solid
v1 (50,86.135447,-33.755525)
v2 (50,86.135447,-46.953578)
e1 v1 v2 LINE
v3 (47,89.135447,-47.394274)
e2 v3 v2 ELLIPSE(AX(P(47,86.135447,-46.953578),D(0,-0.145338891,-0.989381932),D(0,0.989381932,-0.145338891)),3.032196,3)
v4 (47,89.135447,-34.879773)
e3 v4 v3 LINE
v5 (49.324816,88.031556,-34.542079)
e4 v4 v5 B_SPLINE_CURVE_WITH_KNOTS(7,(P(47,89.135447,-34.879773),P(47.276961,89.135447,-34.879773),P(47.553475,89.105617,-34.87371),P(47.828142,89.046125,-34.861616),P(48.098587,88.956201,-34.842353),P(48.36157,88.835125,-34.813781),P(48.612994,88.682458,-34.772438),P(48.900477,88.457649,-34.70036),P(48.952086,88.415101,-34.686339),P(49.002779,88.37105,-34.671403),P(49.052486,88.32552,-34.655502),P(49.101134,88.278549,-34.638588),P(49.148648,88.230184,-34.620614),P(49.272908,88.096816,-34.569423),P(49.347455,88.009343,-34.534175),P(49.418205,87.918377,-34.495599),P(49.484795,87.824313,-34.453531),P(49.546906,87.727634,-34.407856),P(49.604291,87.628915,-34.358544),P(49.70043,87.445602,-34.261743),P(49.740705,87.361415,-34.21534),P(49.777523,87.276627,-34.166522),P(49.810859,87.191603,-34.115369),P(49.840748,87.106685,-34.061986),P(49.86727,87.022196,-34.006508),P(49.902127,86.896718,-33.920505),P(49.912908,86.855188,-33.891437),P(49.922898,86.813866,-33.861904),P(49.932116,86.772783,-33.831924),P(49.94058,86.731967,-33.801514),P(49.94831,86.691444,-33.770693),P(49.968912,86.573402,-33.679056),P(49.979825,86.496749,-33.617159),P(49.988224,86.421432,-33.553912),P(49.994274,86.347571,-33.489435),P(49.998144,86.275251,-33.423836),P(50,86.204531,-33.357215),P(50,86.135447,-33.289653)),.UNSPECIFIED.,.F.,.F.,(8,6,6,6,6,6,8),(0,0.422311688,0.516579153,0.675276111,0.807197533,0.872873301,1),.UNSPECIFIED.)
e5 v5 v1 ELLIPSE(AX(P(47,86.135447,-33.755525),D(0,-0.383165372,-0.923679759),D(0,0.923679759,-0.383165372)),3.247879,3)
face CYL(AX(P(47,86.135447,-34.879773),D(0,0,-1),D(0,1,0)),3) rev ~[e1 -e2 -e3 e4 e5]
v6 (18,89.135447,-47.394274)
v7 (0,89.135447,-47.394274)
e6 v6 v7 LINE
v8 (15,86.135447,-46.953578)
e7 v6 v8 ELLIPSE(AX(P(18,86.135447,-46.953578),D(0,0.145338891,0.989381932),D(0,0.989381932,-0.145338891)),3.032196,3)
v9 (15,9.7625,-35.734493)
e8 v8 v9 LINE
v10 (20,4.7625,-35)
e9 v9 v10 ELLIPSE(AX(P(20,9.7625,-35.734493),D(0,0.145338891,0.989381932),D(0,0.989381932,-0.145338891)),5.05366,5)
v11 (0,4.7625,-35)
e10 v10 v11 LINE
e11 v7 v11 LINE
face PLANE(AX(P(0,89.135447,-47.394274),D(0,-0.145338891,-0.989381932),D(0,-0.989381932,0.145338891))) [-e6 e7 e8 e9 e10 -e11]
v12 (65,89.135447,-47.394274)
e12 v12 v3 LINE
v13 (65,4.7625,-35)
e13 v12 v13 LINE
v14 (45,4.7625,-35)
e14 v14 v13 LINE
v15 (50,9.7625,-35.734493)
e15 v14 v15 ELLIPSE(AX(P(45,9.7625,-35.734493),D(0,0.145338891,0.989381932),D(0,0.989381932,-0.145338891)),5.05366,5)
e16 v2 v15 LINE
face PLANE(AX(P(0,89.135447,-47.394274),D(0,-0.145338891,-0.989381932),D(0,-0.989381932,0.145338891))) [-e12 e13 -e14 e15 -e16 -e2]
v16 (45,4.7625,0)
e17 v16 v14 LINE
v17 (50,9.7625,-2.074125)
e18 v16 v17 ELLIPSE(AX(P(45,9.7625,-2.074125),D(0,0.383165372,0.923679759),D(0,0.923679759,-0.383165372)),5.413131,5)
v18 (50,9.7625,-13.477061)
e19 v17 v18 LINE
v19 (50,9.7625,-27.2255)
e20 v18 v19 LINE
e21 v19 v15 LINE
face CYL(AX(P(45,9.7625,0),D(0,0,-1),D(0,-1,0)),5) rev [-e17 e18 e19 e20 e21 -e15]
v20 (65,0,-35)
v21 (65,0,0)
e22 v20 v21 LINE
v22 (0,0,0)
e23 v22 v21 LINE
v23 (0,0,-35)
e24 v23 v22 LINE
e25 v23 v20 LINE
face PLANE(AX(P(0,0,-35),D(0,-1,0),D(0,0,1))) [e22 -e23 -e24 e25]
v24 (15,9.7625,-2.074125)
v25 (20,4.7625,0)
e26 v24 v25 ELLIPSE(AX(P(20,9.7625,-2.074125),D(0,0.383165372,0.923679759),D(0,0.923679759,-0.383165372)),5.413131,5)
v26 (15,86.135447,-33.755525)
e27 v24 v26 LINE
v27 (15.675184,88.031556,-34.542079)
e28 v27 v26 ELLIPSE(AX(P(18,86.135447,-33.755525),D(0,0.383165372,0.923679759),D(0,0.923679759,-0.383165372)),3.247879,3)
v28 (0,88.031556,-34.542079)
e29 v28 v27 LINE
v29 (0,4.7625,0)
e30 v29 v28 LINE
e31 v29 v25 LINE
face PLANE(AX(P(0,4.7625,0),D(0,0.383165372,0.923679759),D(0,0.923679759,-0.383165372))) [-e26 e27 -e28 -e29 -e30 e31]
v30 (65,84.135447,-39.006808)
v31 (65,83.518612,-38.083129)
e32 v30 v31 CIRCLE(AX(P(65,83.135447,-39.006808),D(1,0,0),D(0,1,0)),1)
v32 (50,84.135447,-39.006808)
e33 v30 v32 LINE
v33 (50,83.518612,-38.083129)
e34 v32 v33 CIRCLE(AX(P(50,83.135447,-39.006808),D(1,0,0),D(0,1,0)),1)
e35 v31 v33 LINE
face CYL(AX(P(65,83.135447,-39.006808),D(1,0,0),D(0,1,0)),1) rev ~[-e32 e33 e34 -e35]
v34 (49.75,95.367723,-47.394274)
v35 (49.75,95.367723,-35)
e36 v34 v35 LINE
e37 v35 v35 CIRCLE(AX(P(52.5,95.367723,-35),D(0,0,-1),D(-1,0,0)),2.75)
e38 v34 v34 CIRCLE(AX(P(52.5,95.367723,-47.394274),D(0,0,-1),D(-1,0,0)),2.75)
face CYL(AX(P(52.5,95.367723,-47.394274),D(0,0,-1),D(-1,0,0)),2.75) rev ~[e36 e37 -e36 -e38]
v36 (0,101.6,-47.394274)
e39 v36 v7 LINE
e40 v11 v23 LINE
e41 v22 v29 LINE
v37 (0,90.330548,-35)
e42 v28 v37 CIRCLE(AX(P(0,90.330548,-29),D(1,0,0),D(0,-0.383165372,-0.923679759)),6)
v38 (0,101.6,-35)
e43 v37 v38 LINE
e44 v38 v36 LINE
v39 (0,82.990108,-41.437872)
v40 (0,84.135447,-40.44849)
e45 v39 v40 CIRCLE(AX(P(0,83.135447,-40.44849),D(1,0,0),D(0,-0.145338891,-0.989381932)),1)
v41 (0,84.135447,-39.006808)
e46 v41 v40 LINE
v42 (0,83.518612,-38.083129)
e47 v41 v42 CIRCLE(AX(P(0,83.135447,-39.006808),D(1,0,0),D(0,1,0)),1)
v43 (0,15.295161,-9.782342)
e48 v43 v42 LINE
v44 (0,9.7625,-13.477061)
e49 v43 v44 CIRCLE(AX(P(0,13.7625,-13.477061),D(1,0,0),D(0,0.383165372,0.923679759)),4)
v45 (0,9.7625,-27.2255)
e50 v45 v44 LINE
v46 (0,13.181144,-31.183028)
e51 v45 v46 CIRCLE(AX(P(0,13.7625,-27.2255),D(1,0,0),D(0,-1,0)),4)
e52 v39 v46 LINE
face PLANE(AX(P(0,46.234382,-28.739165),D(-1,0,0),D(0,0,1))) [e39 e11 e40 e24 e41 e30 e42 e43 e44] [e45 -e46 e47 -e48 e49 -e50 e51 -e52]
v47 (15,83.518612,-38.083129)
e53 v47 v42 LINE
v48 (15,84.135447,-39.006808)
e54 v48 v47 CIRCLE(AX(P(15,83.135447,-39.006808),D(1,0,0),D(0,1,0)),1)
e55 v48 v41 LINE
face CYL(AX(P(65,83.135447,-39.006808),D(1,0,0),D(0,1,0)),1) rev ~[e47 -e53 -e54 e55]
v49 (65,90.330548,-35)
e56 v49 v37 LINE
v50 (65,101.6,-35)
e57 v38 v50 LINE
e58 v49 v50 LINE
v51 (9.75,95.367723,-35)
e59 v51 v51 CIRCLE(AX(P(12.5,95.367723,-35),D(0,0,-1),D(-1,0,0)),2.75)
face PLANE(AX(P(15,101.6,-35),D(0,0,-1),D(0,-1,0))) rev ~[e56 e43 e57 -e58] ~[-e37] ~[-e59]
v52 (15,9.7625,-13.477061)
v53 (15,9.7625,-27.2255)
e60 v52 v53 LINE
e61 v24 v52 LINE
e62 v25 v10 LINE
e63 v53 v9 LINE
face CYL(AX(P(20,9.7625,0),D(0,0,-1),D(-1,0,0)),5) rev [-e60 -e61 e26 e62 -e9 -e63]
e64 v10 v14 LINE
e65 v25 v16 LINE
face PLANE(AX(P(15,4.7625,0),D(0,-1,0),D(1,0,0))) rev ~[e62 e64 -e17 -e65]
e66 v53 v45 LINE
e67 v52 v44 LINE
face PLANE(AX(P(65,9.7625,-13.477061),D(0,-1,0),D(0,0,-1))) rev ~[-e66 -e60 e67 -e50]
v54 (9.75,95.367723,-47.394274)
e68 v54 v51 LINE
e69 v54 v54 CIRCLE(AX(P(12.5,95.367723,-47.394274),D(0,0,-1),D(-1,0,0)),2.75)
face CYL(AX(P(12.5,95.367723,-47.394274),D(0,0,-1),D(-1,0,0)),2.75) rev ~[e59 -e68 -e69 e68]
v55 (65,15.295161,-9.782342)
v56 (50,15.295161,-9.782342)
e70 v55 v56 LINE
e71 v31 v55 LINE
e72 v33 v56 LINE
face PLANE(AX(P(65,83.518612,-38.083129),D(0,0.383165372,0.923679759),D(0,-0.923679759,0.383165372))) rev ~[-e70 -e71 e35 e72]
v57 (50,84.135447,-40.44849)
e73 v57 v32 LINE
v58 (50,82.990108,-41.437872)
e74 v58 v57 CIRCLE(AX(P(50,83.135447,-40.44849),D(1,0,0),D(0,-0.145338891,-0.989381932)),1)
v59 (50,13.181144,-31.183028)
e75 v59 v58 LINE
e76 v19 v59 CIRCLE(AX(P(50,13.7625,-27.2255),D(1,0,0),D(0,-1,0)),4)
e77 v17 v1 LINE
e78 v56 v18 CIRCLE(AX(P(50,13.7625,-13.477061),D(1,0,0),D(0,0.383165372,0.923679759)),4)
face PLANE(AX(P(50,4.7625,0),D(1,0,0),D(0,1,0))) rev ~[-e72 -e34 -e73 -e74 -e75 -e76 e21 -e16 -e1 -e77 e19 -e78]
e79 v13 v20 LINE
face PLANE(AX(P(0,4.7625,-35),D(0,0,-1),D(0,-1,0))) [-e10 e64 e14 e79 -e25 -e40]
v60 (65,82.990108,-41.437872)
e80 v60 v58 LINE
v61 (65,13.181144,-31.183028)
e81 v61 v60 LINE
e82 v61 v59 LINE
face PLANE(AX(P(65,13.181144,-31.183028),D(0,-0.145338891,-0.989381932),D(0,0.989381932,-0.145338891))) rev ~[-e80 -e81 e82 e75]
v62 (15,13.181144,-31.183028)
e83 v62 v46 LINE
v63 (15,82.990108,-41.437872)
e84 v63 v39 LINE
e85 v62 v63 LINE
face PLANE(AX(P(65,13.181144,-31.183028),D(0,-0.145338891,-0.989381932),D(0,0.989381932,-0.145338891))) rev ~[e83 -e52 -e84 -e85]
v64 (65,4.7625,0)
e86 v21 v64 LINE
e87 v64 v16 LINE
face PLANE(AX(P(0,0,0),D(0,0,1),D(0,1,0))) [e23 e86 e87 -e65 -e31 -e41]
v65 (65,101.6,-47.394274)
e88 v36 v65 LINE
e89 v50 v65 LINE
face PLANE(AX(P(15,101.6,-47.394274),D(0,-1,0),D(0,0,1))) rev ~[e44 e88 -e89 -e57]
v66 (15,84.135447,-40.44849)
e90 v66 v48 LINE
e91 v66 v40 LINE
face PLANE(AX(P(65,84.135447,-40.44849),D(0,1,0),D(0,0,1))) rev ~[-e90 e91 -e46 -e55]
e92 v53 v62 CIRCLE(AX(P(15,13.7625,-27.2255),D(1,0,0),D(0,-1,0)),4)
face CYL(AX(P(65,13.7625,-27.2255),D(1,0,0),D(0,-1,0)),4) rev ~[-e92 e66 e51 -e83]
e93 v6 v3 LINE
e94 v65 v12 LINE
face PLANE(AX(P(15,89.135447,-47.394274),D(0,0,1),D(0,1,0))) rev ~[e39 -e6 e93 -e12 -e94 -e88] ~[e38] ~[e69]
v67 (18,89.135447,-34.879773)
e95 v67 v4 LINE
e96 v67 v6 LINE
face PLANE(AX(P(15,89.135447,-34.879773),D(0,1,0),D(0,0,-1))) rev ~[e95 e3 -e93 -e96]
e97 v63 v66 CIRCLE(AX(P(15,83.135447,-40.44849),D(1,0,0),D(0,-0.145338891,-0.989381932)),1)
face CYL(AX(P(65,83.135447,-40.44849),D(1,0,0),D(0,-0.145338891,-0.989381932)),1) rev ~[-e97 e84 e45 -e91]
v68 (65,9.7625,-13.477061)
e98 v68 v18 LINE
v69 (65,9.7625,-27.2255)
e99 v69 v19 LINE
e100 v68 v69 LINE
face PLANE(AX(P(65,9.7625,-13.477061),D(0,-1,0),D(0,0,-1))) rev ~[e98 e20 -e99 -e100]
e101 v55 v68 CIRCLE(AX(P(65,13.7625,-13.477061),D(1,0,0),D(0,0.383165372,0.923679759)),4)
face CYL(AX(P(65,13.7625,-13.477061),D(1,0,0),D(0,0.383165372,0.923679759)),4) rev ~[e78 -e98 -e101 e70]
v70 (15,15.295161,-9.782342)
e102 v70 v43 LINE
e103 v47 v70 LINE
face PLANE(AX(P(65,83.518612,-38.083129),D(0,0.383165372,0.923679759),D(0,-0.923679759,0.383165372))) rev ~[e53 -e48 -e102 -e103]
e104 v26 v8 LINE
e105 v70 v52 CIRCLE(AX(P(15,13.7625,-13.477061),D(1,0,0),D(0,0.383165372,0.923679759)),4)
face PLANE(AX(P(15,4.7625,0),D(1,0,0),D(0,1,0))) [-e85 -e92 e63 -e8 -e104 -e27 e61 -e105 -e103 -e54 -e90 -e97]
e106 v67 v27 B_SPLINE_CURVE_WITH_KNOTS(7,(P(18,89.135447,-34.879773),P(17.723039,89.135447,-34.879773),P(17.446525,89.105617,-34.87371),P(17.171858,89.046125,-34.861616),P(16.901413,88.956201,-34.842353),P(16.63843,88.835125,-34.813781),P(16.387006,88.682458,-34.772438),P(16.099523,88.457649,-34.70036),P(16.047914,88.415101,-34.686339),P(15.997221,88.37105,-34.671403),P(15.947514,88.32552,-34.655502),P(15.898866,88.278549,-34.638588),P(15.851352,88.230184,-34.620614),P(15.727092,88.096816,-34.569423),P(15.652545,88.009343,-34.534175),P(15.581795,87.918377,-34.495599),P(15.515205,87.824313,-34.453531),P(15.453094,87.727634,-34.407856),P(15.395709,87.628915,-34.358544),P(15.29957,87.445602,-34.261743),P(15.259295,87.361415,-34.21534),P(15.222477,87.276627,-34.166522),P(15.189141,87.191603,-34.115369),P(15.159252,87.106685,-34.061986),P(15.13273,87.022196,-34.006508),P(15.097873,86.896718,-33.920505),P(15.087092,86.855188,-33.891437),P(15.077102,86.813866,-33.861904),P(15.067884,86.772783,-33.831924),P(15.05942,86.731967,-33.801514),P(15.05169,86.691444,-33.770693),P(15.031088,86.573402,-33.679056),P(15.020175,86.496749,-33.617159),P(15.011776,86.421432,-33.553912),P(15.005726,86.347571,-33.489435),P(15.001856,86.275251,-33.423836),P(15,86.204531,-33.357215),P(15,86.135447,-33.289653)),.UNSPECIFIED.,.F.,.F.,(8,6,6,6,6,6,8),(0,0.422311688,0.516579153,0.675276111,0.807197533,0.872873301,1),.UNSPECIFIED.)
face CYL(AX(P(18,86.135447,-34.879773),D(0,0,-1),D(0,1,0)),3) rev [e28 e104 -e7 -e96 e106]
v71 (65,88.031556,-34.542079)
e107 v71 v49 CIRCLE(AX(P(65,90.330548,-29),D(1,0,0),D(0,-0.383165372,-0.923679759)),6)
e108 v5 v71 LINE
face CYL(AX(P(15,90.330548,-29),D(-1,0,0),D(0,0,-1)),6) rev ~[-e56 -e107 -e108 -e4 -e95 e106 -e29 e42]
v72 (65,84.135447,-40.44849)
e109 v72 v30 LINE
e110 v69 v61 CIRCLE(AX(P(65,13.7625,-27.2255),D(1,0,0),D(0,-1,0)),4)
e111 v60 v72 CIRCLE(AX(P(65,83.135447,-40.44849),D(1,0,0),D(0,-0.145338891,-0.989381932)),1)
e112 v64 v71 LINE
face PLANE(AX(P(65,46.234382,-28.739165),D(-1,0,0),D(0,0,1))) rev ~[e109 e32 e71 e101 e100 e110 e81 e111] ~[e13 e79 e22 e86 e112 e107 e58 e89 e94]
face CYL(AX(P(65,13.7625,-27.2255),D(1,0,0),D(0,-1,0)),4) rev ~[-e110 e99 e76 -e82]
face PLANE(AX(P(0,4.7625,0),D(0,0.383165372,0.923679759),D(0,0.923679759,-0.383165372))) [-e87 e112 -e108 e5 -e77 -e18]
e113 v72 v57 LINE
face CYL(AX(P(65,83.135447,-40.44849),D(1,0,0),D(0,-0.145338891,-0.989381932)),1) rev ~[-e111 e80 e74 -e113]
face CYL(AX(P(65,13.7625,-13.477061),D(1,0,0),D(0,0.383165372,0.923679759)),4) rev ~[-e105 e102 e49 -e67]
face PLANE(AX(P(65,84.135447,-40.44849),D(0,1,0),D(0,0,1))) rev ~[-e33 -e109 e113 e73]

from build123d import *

# Parameters (mm, degrees)
BOSS_EXTRUDE1_DEPTH = 65
SKETCH2_W           = 35.00000000000001
SKETCH2_H           = 96.83750000000002
CUT_EXTRUDE1_DEPTH  = 130.59080671274705
FILLET1_R           = 5
CUT_EXTRUDE2_DEPTH  = 130.59080671274705
BOSS_EXTRUDE2_DEPTH = 35
SKETCH5_R           = 2.7500000000000084
SKETCH5_R_2         = 2.7499999999999956
CUT_EXTRUDE3_DEPTH  = 130.59080671274705
FILLET3_R           = 3


with BuildPart() as part:
    # Sketch1 → Boss-Extrude1 (new body)
    with BuildSketch(Plane(origin=(0, 0, 0), x_dir=(0, 0, -1), z_dir=(1, 0, 0))):
        with BuildLine():
            Line((47.39427375180004, 101.60000000000002), (47.39427375180004, 89.13544686995567))
            Line((47.39427375180004, 89.13544686995567), (35.000000000000014, 4.762500000000003))
            Line((35.000000000000014, 4.762500000000003), (35.000000000000014, 0))
            Line((35.000000000000014, 0), (0, 0))
            Line((0, 0), (0, 4.762500000000003))
            Line((0, 4.762500000000003), (34.54207855565439, 88.03155596440176))
            ThreePointArc((34.54207855565439, 88.03155596440176), (34.88440614395058, 89.15847126507197), (35.000000000000014, 90.3305481964365))
            Line((35.000000000000014, 90.3305481964365), (35.000000000000014, 101.60000000000002))
            Line((35.000000000000014, 101.60000000000002), (47.39427375180004, 101.60000000000002))
        make_face()
    extrude(amount=BOSS_EXTRUDE1_DEPTH)

    # Sketch2 → Cut-Extrude1 (cut, through all)
    with BuildSketch(Plane.XY):
        with Locations((32.50000000000001, 53.18125000000001)):
            Rectangle(SKETCH2_W, SKETCH2_H)
    extrude(amount=-CUT_EXTRUDE1_DEPTH, mode=Mode.SUBTRACT)

    # Fillet1
    fillet1_edges = [part.edges().sort_by_distance(p)[0] for p in [
        (50, 4.762500000000003, -17.500000000000007),
        (15, 4.762500000000003, -17.500000000000007),
    ]]
    fillet(fillet1_edges, radius=FILLET1_R)

    # Sketch3 → Cut-Extrude2 (cut, through all)
    with BuildSketch(Plane(origin=(65, 0, 0), x_dir=(0, 0, -1), z_dir=(1, 0, 0))):
        with BuildLine():
            Line((38.08312858614837, 83.51861224196143), (9.782341841456388, 15.295161488023126))
            ThreePointArc((9.782341841456388, 15.295161488023126), (10.15060285597038, 11.541086705731292), (13.477060878559312, 9.762500000000001))
            Line((13.477060878559312, 9.762500000000001), (27.225499843288624, 9.762500000000001))
            ThreePointArc((27.225499843288624, 9.762500000000001), (29.84032084558306, 10.735502952436189), (31.18302757021517, 13.181144437020006))
            Line((31.18302757021517, 13.181144437020006), (41.43787152872858, 82.99010797921063))
            ThreePointArc((41.43787152872858, 82.99010797921063), (41.20523885888791, 83.78915212052925), (40.44848959699694, 84.13544686995566))
            Line((40.44848959699694, 84.13544686995566), (39.006808345424105, 84.13544686995566))
            ThreePointArc((39.006808345424105, 84.13544686995566), (38.45145502185692, 83.96706137560288), (38.08312858614837, 83.51861224196143))
        make_face()
    extrude(amount=-CUT_EXTRUDE2_DEPTH, mode=Mode.SUBTRACT)

    # Sketch4 → Boss-Extrude2 (add)
    with BuildSketch(Plane(origin=(15, 0, 0), x_dir=(0, 0, -1), z_dir=(1, 0, 0))):
        with BuildLine():
            Line((47.39427375180004, 89.13544686995567), (47.39427375180004, 101.60000000000002))
            Line((47.39427375180004, 101.60000000000002), (35.000000000000014, 101.60000000000002))
            Line((35.000000000000014, 101.60000000000002), (35.000000000000014, 90.3305481964365))
            ThreePointArc((35.000000000000014, 90.3305481964365), (34.969867635356294, 89.72998145049917), (34.87977319455811, 89.13544686995567))
            Line((34.87977319455811, 89.13544686995567), (47.39427375180004, 89.13544686995567))
        make_face()
    extrude(amount=BOSS_EXTRUDE2_DEPTH)

    # Sketch5 → Cut-Extrude3 (cut, through all)
    with BuildSketch(Plane(origin=(0, 0, -47.39427375180004), x_dir=(-1, 0, 0), z_dir=(0, 0, -1))):
        with Locations((-52.50000000000002, 95.36772343497786)):
            Circle(SKETCH5_R)
        with Locations((-12.499999999999996, 95.36772343497786)):
            Circle(SKETCH5_R_2)
    extrude(amount=-CUT_EXTRUDE3_DEPTH, mode=Mode.SUBTRACT)

    # Fillet3
    fillet3_edges = [part.edges().sort_by_distance(p)[0] for p in [
        (15, 89.13544686995567, -41.13702347317908),
        (50, 89.13544686995567, -41.13702347317908),
    ]]
    fillet(fillet3_edges, radius=FILLET3_R)


solid = part.part
